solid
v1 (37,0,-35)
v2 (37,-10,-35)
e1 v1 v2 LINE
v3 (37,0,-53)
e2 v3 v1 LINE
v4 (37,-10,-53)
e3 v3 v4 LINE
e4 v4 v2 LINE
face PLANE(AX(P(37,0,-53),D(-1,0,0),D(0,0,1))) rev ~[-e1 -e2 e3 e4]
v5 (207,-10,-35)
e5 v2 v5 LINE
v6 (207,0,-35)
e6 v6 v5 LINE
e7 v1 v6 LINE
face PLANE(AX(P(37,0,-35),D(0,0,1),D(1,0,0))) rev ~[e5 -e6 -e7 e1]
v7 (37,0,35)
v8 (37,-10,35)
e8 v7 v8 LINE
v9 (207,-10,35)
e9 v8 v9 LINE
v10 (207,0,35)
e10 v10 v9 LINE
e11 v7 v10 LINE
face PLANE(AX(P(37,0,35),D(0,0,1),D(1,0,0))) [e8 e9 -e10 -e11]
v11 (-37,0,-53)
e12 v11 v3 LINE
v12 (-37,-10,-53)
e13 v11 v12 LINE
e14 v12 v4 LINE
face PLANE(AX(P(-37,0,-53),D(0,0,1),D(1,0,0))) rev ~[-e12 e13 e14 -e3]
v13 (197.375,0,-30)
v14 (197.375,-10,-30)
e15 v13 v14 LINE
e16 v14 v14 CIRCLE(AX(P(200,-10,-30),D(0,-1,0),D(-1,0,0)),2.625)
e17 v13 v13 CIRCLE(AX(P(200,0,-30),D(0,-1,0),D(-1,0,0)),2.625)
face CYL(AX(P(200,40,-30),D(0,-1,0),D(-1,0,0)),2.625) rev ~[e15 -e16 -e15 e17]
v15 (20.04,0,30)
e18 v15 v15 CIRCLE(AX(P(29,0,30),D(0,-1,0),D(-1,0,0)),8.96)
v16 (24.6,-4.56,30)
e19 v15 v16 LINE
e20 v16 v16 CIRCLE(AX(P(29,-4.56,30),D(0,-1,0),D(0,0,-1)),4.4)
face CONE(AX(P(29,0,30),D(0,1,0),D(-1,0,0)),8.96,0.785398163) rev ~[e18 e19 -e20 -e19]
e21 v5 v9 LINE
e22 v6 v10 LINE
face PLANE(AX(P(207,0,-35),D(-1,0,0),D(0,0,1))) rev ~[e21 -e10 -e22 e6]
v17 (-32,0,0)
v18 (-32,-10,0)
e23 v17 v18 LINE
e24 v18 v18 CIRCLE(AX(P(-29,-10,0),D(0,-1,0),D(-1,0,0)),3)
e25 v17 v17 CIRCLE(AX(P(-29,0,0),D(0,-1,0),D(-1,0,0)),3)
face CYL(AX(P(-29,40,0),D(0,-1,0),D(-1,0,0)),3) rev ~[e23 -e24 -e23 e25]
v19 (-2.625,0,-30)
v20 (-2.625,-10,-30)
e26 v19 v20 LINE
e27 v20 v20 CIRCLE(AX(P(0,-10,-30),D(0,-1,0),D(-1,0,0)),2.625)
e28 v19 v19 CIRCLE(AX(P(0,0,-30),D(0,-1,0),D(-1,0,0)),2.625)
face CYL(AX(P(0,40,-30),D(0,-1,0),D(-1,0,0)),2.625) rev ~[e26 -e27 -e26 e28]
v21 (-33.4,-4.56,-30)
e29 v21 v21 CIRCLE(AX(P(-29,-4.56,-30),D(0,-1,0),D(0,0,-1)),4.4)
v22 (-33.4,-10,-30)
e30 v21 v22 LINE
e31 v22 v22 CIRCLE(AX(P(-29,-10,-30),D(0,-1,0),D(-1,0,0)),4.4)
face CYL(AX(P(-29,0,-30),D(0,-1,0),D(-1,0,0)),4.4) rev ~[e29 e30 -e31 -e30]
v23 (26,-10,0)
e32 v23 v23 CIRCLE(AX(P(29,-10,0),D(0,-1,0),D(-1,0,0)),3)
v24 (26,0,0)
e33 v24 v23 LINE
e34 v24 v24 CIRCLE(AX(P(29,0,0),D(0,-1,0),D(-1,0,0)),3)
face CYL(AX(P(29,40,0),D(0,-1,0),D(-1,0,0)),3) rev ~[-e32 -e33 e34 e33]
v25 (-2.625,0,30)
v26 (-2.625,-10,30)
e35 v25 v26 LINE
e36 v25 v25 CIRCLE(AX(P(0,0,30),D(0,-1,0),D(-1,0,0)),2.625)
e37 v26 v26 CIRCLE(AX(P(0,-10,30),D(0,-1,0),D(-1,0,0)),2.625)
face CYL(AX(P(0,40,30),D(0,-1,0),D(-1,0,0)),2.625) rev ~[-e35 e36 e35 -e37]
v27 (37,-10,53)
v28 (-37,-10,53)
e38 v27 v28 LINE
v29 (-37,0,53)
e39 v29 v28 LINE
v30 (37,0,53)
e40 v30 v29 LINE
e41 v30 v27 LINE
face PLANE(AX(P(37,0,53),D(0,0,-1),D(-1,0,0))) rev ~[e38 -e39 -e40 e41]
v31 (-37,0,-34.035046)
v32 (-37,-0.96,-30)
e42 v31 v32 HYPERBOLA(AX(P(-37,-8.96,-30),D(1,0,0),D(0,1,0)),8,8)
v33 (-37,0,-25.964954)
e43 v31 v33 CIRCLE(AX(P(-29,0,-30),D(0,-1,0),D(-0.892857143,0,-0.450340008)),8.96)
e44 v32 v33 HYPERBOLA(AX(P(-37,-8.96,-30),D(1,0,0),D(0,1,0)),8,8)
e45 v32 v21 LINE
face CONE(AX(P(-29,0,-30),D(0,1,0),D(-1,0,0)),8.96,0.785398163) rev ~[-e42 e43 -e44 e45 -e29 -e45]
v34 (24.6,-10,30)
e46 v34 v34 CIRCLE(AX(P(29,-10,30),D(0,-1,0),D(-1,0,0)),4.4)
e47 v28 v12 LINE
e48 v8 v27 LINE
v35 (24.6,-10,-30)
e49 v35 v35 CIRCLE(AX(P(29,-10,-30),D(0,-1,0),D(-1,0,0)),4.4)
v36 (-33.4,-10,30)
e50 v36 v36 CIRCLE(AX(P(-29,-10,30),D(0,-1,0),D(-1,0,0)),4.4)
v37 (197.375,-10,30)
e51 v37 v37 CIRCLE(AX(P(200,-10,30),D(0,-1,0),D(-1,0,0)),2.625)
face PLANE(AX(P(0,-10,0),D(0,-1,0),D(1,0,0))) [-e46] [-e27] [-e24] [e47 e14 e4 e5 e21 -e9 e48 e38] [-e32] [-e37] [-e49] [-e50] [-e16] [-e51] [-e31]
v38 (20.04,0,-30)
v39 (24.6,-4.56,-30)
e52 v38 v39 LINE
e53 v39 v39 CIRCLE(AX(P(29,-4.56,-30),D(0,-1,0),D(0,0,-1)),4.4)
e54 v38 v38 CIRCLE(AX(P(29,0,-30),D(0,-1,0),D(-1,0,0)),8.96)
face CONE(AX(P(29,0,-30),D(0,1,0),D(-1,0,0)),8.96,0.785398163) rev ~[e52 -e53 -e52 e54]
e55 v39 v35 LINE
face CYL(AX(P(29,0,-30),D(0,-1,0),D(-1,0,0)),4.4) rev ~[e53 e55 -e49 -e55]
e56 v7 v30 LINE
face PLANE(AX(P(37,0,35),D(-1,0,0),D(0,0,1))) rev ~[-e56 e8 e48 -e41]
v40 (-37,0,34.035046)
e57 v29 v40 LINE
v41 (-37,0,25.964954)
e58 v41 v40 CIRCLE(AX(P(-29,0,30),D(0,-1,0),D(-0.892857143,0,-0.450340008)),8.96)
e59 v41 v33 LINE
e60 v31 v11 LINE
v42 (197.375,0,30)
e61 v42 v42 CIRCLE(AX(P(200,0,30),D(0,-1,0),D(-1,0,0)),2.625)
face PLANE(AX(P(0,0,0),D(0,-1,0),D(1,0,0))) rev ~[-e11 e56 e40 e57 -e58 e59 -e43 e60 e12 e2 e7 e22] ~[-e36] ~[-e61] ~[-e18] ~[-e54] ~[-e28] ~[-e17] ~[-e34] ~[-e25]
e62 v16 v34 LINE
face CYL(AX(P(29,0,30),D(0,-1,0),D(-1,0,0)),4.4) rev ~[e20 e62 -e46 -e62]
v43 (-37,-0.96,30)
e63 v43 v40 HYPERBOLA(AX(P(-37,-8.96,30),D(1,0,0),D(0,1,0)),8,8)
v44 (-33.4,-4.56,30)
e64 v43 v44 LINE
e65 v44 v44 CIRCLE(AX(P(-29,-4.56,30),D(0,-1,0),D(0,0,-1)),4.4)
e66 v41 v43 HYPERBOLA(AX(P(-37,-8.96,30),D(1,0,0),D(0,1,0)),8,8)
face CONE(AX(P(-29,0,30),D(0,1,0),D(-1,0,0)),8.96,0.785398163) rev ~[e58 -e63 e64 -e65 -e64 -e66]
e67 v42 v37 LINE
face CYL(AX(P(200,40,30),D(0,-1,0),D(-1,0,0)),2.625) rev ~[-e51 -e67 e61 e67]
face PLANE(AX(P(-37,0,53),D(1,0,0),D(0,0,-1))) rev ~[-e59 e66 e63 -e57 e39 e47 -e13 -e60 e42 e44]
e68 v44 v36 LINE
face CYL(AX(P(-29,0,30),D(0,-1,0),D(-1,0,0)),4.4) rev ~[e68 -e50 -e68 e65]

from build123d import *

# Parameters (mm, degrees)
F0_W           = 170
F0_H           = 35
F1_DEPTH       = 10
F2_D           = 6
F2_DEPTH       = 40
F2_TIP         = 1.8025818571
F3_D           = 8.8
F3_DEPTH       = 40
F3_CSINK_D     = 17.92
F3_CSINK_ANGLE = 90
F3_TIP         = 2.6437867237
F5_D           = 5.25
F5_DEPTH       = 40
F5_TIP         = 1.5772591249


with BuildPart() as f1:
    # F0 (on Front) → F1 (new body)
    with BuildSketch(Plane.XZ):
        Polygon((37, 35), (37, 53), (-37, 53), (-37, -53), (37, -53), (37, -35), (37, 0), align=None)
        with Locations((122, -17.5)):
            Rectangle(F0_W, F0_H)
        with Locations((122, 17.5)):
            Rectangle(F0_W, F0_H)
    extrude(amount=F1_DEPTH)

    # F2
    with Locations(Plane(origin=(0, 0, 0), x_dir=(1, 0, 0), z_dir=(0, 1, 0))):
        with Locations((-29, 0), (29, 0)):
            Hole(F2_D / 2, depth=F2_DEPTH)
            with Locations((0, 0, -(F2_DEPTH + F2_TIP / 2))):  # 118° drill point
                Cone(0, F2_D / 2, F2_TIP, mode=Mode.SUBTRACT)

    # F3
    with Locations(Plane(origin=(0, 0, 0), x_dir=(1, 0, 0), z_dir=(0, 1, 0))):
        with Locations((29, 30), (-29, 30), (29, -30), (-29, -30)):
            CounterSinkHole(F3_D / 2, F3_CSINK_D / 2, depth=F3_DEPTH, counter_sink_angle=F3_CSINK_ANGLE)
            with Locations((0, 0, -(F3_DEPTH + F3_TIP / 2))):  # 118° drill point
                Cone(0, F3_D / 2, F3_TIP, mode=Mode.SUBTRACT)

    # F5
    with Locations(Plane(origin=(0, 0, 0), x_dir=(1, 0, 0), z_dir=(0, 1, 0))):
        with Locations((0, 30), (0, -30), (200, 30), (200, -30)):
            Hole(F5_D / 2, depth=F5_DEPTH)
            with Locations((0, 0, -(F5_DEPTH + F5_TIP / 2))):  # 118° drill point
                Cone(0, F5_D / 2, F5_TIP, mode=Mode.SUBTRACT)


solid = f1.part
